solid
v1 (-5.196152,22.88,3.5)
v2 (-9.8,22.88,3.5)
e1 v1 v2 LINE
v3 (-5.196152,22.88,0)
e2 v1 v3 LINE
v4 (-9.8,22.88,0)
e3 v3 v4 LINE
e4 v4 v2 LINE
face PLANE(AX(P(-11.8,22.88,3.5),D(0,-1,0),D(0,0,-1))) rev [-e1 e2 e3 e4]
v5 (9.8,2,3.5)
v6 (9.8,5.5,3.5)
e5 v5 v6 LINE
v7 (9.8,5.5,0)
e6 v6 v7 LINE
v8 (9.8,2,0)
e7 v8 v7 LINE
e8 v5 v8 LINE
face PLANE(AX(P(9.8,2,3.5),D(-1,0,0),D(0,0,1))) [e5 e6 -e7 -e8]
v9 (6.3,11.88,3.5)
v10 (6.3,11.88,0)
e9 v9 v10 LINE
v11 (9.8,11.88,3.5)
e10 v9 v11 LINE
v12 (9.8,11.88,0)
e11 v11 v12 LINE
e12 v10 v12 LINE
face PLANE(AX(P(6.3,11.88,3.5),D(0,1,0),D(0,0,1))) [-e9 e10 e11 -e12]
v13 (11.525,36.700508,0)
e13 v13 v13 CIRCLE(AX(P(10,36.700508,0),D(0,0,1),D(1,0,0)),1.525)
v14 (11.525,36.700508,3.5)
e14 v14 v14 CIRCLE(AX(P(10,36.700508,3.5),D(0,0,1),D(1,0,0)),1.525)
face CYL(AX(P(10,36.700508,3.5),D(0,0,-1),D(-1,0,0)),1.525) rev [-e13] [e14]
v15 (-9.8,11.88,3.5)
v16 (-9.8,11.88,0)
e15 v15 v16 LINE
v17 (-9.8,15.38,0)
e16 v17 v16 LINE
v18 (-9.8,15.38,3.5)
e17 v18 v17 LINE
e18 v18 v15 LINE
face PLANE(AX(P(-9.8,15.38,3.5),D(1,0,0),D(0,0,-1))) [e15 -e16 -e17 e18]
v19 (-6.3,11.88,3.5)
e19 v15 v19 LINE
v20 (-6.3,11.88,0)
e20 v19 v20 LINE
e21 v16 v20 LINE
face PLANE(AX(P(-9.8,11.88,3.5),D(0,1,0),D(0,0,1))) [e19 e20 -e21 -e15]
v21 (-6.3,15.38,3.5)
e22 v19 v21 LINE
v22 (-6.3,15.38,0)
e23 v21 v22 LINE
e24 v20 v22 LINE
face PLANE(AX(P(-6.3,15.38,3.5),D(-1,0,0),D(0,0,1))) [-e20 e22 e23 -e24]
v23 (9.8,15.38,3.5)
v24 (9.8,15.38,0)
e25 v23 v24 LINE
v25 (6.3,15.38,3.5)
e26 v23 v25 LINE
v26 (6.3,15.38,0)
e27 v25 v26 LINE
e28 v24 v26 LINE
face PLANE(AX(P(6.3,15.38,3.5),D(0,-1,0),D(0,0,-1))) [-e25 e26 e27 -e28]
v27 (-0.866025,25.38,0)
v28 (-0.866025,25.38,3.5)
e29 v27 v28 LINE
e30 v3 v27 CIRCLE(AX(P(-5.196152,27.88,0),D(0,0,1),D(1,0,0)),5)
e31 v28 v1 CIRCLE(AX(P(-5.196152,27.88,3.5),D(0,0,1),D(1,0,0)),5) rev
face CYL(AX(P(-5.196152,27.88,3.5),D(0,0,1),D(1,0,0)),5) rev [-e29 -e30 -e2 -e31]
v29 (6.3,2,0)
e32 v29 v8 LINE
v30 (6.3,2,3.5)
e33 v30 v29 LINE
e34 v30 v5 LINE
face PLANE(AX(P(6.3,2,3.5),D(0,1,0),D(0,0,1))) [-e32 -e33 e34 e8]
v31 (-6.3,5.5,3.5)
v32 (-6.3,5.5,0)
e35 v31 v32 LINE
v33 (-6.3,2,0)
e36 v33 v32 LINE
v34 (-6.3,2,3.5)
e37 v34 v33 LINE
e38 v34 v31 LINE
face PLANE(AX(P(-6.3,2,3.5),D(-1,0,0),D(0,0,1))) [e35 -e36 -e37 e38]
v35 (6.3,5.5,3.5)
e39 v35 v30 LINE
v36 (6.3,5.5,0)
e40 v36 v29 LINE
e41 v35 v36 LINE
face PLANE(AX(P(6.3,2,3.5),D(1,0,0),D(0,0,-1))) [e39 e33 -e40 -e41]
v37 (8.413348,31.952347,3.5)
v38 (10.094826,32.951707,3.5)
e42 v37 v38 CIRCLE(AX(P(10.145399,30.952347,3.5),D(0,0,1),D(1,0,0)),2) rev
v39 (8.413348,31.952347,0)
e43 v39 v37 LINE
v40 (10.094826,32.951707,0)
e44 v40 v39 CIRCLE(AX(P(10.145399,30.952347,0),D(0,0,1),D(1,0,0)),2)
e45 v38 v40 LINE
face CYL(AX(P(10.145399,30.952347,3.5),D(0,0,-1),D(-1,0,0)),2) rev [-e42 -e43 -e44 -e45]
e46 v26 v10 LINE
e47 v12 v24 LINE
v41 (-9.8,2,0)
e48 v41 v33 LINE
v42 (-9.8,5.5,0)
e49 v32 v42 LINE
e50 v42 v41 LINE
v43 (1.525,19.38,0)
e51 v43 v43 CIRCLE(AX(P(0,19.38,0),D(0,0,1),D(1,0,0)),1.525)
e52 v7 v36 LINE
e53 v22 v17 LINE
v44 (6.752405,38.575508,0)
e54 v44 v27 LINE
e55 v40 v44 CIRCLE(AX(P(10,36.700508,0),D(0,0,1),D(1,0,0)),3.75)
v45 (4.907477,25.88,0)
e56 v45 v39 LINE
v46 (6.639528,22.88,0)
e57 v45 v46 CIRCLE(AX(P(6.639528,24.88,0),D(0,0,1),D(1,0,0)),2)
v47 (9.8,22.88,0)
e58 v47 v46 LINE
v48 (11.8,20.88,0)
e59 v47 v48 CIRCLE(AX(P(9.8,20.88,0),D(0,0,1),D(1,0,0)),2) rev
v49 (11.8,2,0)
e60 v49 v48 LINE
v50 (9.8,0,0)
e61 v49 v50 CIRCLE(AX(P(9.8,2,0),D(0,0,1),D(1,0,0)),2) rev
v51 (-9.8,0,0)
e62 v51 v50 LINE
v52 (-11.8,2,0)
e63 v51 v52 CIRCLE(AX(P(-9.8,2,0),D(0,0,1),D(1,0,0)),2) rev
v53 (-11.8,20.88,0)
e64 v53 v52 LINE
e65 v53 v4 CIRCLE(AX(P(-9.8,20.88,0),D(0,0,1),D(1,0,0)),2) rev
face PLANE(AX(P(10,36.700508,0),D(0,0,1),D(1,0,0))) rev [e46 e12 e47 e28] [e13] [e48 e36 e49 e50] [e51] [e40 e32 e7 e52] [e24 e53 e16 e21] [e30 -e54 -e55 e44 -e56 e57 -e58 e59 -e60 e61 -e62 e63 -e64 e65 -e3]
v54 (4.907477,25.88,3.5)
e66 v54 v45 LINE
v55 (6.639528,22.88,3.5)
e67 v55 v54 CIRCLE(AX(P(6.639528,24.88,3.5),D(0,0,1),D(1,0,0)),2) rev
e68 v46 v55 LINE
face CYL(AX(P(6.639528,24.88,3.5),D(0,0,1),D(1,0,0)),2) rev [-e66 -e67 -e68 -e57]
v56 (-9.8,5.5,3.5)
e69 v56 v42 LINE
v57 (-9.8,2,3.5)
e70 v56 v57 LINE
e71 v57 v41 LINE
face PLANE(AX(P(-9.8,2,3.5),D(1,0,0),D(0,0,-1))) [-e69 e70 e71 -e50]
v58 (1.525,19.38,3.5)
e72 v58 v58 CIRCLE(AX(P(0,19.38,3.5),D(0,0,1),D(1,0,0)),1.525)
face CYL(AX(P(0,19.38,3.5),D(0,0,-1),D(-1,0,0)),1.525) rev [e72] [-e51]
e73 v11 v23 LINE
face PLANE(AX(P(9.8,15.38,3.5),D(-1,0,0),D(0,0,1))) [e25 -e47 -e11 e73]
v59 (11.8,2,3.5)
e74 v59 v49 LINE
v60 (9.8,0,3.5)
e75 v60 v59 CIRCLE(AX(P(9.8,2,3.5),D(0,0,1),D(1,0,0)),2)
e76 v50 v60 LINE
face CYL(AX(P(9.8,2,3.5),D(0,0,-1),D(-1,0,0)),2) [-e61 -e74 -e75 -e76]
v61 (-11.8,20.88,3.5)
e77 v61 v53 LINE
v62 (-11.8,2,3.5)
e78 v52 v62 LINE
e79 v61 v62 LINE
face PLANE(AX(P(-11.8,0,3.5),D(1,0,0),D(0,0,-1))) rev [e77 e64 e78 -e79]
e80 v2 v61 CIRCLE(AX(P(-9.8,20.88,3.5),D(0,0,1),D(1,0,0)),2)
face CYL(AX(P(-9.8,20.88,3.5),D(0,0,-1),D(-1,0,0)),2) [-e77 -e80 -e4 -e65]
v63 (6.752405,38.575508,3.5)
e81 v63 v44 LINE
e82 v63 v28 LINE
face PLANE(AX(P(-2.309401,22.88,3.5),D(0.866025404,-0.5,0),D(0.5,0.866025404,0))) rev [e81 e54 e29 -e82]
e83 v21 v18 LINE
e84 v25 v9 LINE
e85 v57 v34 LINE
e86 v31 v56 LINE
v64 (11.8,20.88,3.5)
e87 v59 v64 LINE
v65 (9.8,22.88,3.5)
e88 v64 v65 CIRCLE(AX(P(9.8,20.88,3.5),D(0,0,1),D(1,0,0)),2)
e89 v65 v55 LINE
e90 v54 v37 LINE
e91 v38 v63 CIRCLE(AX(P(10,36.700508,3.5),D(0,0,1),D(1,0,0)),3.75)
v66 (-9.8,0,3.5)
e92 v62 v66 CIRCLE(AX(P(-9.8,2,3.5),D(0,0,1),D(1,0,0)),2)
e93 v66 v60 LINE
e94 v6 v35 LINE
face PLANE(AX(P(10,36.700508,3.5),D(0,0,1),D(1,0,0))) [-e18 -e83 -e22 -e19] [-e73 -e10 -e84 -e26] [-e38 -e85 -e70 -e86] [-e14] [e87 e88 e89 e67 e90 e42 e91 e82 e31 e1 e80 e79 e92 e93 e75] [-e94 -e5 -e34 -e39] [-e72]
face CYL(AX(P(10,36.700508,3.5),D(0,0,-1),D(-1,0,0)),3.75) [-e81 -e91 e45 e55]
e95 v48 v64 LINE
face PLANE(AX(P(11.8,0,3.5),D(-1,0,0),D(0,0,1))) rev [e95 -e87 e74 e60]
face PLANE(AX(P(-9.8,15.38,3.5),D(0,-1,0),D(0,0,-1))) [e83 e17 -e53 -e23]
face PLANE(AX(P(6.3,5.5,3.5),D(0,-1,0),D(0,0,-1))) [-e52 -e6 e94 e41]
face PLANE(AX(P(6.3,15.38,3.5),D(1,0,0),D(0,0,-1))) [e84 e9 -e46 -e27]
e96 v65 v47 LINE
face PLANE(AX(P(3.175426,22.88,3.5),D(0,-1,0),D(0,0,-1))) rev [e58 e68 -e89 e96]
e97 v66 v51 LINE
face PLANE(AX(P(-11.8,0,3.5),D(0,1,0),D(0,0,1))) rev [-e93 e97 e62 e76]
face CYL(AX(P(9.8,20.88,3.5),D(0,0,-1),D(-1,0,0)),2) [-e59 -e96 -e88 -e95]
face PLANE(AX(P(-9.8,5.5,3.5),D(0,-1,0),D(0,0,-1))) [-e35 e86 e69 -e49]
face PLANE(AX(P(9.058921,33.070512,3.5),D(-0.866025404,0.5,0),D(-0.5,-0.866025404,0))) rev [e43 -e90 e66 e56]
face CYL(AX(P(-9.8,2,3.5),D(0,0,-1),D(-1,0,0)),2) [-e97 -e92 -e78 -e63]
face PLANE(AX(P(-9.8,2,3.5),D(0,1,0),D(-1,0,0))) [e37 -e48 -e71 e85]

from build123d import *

# Parameters (mm, degrees)
SKETCH1_R           = 1.525
SKETCH1_W           = 3.5
SKETCH1_H           = 3.5
BOSS_EXTRUDE1_DEPTH = 3.5
FILLET1_R           = 2
FILLET2_R           = 2
FILLET3_R           = 5


with BuildPart() as part:
    # Sketch1 → Boss-Extrude1 (new body)
    with BuildSketch(Plane.XY):
        with BuildLine():
            Line((-11.8, 0), (11.8, 0))
            Line((11.8, 0), (11.8, 22.88))
            Line((11.8, 22.88), (3.175426481, 22.88))
            Line((3.175426481, 22.88), (9.058921367, 33.070512069))
            ThreePointArc((9.058921367, 33.070512069), (13.458683639, 38.149648334), (6.752404736, 38.575508076))
            Line((6.752404736, 38.575508076), (-2.309401077, 22.88))
            Line((-2.309401077, 22.88), (-11.8, 22.88))
            Line((-11.8, 22.88), (-11.8, 0))
        make_face()
        with Locations((0, 19.38)):
            Circle(SKETCH1_R, mode=Mode.SUBTRACT)
        with Locations((10, 36.700508076)):
            Circle(SKETCH1_R, mode=Mode.SUBTRACT)
        with Locations((-8.05, 3.75)):
            Rectangle(SKETCH1_W, SKETCH1_H, mode=Mode.SUBTRACT)
        with Locations((8.05, 3.75)):
            Rectangle(SKETCH1_W, SKETCH1_H, mode=Mode.SUBTRACT)
        with Locations((8.05, 13.63)):
            Rectangle(SKETCH1_W, SKETCH1_H, mode=Mode.SUBTRACT)
        with Locations((-8.05, 13.63)):
            Rectangle(SKETCH1_W, SKETCH1_H, mode=Mode.SUBTRACT)
    extrude(amount=BOSS_EXTRUDE1_DEPTH)

    # Fillet1
    fillet1_edges = [part.edges().sort_by_distance(p)[0] for p in [
        (-11.8, 22.88, 1.75),
        (11.8, 22.88, 1.75),
        (11.8, 0, 1.75),
        (-11.8, 0, 1.75),
    ]]
    fillet(fillet1_edges, radius=FILLET1_R)

    # Fillet2
    fillet2_edges = [part.edges().sort_by_distance(p)[0] for p in [
        (9.058921367, 33.070512069, 1.75),
        (3.175426481, 22.88, 1.75),
    ]]
    fillet(fillet2_edges, radius=FILLET2_R)

    # Fillet3
    fillet3_edges = [part.edges().sort_by_distance(p)[0] for p in [
        (-2.309401077, 22.88, 1.75),
    ]]
    fillet(fillet3_edges, radius=FILLET3_R)


solid = part.part
